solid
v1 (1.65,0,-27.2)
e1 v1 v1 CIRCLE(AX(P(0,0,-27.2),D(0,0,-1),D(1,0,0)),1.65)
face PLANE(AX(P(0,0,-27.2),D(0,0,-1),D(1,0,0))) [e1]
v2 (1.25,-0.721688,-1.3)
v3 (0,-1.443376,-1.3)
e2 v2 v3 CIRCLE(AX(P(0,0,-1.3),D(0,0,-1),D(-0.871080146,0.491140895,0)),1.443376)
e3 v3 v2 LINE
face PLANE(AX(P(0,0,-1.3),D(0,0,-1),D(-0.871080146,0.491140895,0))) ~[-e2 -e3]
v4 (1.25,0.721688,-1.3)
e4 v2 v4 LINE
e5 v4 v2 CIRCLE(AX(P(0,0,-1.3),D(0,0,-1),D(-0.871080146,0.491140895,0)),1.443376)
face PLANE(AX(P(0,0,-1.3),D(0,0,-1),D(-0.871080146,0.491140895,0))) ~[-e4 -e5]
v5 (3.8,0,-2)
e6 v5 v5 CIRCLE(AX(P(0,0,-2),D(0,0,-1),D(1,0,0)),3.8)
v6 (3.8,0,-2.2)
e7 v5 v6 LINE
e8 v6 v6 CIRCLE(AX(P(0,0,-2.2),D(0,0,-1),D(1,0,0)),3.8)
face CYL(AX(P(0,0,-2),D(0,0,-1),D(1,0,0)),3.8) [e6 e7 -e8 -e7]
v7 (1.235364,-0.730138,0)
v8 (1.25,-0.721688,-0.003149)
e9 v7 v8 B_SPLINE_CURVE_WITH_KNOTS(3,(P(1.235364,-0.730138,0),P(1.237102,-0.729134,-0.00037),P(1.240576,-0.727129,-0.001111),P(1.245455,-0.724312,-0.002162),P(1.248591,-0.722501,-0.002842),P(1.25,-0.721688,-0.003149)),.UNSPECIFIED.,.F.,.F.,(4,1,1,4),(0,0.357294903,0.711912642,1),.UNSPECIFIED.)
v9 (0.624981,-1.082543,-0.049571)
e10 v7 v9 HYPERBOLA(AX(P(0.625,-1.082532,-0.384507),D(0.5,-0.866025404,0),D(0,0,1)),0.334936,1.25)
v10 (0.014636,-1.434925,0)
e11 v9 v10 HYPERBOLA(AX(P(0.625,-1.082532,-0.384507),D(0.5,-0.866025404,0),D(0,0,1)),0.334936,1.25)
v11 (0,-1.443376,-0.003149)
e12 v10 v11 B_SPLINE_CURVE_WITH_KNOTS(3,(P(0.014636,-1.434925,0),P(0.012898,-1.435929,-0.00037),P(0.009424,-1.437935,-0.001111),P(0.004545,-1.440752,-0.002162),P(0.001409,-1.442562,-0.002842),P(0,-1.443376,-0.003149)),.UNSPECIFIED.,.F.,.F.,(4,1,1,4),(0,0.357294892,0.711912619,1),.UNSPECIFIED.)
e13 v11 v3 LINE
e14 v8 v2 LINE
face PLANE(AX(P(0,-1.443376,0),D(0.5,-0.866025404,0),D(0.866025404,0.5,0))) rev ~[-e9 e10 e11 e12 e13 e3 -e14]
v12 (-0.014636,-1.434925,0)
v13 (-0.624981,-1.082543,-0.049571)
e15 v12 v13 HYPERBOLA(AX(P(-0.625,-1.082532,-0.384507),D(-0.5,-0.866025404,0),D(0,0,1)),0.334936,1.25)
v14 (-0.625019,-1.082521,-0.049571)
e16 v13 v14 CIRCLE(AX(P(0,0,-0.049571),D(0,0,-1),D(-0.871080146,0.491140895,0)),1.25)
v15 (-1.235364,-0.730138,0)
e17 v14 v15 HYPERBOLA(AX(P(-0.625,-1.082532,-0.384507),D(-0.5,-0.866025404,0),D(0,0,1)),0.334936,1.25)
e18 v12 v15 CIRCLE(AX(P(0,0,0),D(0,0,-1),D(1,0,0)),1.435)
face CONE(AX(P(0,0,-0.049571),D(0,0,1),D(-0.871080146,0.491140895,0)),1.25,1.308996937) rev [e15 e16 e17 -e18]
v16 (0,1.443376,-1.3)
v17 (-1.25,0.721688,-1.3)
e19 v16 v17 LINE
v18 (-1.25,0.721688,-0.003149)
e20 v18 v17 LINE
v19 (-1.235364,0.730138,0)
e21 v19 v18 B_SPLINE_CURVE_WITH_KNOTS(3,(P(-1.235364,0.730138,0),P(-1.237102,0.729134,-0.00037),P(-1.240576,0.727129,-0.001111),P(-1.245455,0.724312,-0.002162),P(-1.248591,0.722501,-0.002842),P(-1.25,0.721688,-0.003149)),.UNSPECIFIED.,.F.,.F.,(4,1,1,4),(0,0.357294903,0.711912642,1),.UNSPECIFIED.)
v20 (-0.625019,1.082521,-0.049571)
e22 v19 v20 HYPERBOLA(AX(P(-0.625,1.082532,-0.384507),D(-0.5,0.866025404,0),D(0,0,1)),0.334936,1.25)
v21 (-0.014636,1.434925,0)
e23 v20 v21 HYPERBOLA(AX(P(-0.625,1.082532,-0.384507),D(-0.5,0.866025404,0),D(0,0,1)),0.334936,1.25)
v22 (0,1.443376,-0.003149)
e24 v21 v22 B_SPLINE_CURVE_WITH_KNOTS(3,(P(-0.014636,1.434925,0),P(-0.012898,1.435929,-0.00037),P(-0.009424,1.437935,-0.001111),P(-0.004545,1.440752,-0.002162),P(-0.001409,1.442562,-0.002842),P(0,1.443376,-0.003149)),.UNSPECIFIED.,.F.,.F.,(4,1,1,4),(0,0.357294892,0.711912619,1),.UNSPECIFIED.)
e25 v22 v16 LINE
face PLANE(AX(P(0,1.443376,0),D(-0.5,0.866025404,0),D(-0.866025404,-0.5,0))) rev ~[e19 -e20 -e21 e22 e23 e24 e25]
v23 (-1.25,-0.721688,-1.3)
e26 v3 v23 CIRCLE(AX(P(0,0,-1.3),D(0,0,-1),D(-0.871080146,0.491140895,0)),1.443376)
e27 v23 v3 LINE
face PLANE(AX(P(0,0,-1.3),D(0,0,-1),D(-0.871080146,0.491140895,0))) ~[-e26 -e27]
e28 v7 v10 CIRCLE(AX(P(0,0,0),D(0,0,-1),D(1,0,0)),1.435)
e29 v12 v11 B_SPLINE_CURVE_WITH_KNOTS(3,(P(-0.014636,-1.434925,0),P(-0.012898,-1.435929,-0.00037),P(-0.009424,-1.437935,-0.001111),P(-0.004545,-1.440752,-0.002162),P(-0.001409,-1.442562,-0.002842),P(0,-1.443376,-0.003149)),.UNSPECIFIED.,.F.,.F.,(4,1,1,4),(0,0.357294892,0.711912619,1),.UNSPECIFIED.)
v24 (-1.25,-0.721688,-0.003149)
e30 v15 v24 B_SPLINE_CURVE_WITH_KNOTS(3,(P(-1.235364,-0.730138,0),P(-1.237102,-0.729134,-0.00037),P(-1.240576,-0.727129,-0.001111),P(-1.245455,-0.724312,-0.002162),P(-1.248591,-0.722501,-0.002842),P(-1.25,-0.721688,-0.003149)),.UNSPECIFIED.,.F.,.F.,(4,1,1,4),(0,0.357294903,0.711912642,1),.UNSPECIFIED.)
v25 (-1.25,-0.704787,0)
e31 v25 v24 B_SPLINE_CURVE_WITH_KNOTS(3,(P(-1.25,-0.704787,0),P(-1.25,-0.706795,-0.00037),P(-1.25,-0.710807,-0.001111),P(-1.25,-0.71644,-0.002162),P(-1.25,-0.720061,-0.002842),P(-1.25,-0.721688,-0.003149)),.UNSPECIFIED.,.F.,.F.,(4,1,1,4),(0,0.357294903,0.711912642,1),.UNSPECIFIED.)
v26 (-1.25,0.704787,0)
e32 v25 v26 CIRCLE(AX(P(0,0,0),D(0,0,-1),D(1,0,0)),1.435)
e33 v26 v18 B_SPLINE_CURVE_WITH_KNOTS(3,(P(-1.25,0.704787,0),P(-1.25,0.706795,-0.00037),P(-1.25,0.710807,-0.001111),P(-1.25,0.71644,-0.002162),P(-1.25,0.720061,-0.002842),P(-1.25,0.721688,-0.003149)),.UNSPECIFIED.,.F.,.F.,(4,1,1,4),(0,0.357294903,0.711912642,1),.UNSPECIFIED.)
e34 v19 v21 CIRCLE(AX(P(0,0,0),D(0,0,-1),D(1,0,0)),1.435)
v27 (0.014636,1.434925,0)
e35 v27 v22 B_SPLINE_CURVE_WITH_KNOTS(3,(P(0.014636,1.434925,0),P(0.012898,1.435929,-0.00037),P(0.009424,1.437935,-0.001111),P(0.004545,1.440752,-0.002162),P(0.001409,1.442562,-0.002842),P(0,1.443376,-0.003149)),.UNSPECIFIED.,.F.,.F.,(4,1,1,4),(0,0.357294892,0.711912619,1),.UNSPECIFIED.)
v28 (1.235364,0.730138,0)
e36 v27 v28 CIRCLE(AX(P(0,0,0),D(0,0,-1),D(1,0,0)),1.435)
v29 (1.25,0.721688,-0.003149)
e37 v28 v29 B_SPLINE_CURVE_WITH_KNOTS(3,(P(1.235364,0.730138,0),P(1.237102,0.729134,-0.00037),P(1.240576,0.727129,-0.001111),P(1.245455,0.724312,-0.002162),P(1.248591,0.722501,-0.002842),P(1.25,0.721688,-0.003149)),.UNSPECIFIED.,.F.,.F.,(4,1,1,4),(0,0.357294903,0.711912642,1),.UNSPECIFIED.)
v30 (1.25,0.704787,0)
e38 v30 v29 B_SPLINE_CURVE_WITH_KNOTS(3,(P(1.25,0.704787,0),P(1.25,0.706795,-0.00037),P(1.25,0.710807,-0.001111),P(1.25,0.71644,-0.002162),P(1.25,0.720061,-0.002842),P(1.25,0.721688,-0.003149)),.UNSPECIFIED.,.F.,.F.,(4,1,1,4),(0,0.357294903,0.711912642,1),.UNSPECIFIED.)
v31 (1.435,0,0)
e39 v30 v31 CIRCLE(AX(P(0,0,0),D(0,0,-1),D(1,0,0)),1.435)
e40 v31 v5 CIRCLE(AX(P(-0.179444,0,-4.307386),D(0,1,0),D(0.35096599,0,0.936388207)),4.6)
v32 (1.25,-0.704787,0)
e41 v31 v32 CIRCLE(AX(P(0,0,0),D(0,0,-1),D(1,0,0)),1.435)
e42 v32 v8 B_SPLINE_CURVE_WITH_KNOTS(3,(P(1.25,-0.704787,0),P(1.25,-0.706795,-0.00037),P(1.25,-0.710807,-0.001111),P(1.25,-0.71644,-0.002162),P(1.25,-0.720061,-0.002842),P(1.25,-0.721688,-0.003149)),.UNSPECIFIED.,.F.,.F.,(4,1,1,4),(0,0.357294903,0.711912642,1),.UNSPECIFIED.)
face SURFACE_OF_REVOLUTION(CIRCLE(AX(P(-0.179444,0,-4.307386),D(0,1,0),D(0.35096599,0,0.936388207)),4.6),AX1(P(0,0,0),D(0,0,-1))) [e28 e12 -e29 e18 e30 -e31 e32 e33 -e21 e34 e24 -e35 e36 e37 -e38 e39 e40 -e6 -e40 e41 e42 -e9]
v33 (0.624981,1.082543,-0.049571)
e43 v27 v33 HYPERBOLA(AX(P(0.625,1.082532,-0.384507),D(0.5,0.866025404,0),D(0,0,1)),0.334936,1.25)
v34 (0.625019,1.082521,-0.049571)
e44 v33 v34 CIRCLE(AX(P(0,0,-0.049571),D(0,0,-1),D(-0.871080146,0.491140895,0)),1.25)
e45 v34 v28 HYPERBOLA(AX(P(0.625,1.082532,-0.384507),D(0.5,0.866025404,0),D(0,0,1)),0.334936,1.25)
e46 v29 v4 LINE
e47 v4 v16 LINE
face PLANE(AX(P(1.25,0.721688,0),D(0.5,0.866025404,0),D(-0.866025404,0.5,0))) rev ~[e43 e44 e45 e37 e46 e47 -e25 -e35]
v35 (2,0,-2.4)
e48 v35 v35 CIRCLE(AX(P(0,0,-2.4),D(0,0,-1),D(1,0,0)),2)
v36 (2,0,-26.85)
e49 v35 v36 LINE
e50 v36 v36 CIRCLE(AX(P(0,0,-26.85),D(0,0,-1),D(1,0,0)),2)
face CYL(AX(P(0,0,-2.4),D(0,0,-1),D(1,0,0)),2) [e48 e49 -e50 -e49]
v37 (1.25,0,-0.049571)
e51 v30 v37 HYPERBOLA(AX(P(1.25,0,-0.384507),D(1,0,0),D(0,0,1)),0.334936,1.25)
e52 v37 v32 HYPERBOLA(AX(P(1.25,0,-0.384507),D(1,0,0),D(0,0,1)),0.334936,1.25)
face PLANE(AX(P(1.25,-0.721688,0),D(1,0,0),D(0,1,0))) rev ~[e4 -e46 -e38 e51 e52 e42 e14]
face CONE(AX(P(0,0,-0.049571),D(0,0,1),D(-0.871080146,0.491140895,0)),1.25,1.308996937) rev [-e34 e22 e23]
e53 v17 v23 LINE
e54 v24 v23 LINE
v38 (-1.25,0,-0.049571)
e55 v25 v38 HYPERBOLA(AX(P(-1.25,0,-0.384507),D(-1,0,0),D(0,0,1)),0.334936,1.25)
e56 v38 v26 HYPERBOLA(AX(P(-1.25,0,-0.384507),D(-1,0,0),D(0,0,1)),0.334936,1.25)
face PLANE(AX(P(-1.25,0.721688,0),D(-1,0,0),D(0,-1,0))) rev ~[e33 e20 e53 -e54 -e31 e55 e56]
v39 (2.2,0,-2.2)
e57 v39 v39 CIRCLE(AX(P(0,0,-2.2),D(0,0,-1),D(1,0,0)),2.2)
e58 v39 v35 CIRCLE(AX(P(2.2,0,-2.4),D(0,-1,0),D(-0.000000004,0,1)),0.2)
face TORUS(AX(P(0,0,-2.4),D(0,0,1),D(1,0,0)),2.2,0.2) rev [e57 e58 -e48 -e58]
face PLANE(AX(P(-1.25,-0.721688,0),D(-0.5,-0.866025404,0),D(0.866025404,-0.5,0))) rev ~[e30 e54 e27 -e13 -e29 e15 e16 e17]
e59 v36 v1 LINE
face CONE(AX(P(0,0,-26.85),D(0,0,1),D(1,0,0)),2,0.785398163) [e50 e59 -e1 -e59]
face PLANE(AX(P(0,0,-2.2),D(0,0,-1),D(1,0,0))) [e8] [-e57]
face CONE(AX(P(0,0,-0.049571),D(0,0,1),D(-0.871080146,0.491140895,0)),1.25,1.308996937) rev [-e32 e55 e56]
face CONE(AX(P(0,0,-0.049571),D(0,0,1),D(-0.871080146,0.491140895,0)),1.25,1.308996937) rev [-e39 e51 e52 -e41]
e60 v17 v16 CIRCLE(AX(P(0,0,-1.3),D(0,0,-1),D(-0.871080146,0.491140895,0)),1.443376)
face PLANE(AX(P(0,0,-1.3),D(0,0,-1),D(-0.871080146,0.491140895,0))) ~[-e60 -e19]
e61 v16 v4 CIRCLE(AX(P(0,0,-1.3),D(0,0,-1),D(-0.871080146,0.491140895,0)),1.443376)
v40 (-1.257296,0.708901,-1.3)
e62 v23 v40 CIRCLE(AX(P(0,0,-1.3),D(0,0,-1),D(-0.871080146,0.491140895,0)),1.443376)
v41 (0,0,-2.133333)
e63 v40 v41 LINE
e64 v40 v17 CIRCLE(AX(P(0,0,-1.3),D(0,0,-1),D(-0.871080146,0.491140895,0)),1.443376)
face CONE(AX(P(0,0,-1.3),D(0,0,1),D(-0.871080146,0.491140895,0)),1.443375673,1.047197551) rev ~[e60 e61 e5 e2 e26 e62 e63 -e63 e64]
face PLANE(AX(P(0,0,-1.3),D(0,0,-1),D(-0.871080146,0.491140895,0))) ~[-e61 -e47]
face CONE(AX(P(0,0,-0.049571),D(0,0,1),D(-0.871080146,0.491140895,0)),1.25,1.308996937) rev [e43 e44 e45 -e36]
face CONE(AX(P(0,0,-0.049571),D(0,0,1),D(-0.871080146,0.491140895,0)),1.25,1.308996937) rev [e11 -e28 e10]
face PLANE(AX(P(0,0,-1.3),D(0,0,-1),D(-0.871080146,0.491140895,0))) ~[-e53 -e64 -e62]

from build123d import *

# Parameters (mm, degrees)
CUT_EXTRUDE2_DEPTH = 1.3


with BuildPart() as part:
    # Sketch1 → Revolve1 (revolve)
    with BuildSketch(Plane(origin=(0, 0, 0), x_dir=(0, 0, -1), z_dir=(1, 0, 0)), mode=Mode.PRIVATE) as revolve1_sk:
        with BuildLine():
            Line((0, 0), (0, 1.435))
            ThreePointArc((0, 1.435), (0.794963972, 2.79089199), (2, 3.8))
            Line((2, 3.8), (2.2, 3.8))
            Line((2.2, 3.8), (2.2, 2.2))
            ThreePointArc((2.2, 2.2), (2.258578644, 2.058578644), (2.4, 2))
            Line((2.4, 2), (26.85, 2))
            Line((26.85, 2), (27.2, 1.65))
            Line((27.2, 1.65), (27.2, 0))
            Line((27.2, 0), (0, 0))
        make_face()
    revolve(revolve1_sk.sketch.rotate(Axis((0, 0, 0), (0, 0, -1)), 90), axis=Axis((0, 0, 0), (0, 0, -1)))

    # Sketch2 → Cut-Extrude2 (cut)
    with BuildSketch(Plane.XY):
        Polygon((0, -1.443375673), (1.25, -0.721687836), (1.25, 0.721687836), (0, 1.443375673), (-1.25, 0.721687836), (-1.25, -0.721687836), align=None)
    extrude(amount=-CUT_EXTRUDE2_DEPTH, mode=Mode.SUBTRACT)

    # Sketch5 → Cut-Revolve3 (revolve, cut)
    with BuildSketch(Plane(origin=(0, 0, 0), x_dir=(0, 0, -1), z_dir=(1, 0, 0)), mode=Mode.PRIVATE) as cut_revolve3_sk:
        Polygon((0.049570601, -1.25), (0, -1.435), (0, -1.25), align=None)
    revolve(cut_revolve3_sk.sketch.rotate(Axis((0, 0, 0), (0, 0, -1)), 119.415596887), axis=Axis((0, 0, 0), (0, 0, -1)), mode=Mode.SUBTRACT)

    # Sketch4 → Cut-Revolve2 (revolve, cut)
    with BuildSketch(Plane(origin=(0, 0, 0), x_dir=(0, 0, -1), z_dir=(1, 0, 0)), mode=Mode.PRIVATE) as cut_revolve2_sk:
        Polygon((1.3, 0), (1.3, -1.443375673), (2.133333333, 0), align=None)
    revolve(cut_revolve2_sk.sketch.rotate(Axis((0, 0, -1.3), (0, 0, -1)), 119.415596887), axis=Axis((0, 0, -1.3), (0, 0, -1)), mode=Mode.SUBTRACT)


solid = part.part
